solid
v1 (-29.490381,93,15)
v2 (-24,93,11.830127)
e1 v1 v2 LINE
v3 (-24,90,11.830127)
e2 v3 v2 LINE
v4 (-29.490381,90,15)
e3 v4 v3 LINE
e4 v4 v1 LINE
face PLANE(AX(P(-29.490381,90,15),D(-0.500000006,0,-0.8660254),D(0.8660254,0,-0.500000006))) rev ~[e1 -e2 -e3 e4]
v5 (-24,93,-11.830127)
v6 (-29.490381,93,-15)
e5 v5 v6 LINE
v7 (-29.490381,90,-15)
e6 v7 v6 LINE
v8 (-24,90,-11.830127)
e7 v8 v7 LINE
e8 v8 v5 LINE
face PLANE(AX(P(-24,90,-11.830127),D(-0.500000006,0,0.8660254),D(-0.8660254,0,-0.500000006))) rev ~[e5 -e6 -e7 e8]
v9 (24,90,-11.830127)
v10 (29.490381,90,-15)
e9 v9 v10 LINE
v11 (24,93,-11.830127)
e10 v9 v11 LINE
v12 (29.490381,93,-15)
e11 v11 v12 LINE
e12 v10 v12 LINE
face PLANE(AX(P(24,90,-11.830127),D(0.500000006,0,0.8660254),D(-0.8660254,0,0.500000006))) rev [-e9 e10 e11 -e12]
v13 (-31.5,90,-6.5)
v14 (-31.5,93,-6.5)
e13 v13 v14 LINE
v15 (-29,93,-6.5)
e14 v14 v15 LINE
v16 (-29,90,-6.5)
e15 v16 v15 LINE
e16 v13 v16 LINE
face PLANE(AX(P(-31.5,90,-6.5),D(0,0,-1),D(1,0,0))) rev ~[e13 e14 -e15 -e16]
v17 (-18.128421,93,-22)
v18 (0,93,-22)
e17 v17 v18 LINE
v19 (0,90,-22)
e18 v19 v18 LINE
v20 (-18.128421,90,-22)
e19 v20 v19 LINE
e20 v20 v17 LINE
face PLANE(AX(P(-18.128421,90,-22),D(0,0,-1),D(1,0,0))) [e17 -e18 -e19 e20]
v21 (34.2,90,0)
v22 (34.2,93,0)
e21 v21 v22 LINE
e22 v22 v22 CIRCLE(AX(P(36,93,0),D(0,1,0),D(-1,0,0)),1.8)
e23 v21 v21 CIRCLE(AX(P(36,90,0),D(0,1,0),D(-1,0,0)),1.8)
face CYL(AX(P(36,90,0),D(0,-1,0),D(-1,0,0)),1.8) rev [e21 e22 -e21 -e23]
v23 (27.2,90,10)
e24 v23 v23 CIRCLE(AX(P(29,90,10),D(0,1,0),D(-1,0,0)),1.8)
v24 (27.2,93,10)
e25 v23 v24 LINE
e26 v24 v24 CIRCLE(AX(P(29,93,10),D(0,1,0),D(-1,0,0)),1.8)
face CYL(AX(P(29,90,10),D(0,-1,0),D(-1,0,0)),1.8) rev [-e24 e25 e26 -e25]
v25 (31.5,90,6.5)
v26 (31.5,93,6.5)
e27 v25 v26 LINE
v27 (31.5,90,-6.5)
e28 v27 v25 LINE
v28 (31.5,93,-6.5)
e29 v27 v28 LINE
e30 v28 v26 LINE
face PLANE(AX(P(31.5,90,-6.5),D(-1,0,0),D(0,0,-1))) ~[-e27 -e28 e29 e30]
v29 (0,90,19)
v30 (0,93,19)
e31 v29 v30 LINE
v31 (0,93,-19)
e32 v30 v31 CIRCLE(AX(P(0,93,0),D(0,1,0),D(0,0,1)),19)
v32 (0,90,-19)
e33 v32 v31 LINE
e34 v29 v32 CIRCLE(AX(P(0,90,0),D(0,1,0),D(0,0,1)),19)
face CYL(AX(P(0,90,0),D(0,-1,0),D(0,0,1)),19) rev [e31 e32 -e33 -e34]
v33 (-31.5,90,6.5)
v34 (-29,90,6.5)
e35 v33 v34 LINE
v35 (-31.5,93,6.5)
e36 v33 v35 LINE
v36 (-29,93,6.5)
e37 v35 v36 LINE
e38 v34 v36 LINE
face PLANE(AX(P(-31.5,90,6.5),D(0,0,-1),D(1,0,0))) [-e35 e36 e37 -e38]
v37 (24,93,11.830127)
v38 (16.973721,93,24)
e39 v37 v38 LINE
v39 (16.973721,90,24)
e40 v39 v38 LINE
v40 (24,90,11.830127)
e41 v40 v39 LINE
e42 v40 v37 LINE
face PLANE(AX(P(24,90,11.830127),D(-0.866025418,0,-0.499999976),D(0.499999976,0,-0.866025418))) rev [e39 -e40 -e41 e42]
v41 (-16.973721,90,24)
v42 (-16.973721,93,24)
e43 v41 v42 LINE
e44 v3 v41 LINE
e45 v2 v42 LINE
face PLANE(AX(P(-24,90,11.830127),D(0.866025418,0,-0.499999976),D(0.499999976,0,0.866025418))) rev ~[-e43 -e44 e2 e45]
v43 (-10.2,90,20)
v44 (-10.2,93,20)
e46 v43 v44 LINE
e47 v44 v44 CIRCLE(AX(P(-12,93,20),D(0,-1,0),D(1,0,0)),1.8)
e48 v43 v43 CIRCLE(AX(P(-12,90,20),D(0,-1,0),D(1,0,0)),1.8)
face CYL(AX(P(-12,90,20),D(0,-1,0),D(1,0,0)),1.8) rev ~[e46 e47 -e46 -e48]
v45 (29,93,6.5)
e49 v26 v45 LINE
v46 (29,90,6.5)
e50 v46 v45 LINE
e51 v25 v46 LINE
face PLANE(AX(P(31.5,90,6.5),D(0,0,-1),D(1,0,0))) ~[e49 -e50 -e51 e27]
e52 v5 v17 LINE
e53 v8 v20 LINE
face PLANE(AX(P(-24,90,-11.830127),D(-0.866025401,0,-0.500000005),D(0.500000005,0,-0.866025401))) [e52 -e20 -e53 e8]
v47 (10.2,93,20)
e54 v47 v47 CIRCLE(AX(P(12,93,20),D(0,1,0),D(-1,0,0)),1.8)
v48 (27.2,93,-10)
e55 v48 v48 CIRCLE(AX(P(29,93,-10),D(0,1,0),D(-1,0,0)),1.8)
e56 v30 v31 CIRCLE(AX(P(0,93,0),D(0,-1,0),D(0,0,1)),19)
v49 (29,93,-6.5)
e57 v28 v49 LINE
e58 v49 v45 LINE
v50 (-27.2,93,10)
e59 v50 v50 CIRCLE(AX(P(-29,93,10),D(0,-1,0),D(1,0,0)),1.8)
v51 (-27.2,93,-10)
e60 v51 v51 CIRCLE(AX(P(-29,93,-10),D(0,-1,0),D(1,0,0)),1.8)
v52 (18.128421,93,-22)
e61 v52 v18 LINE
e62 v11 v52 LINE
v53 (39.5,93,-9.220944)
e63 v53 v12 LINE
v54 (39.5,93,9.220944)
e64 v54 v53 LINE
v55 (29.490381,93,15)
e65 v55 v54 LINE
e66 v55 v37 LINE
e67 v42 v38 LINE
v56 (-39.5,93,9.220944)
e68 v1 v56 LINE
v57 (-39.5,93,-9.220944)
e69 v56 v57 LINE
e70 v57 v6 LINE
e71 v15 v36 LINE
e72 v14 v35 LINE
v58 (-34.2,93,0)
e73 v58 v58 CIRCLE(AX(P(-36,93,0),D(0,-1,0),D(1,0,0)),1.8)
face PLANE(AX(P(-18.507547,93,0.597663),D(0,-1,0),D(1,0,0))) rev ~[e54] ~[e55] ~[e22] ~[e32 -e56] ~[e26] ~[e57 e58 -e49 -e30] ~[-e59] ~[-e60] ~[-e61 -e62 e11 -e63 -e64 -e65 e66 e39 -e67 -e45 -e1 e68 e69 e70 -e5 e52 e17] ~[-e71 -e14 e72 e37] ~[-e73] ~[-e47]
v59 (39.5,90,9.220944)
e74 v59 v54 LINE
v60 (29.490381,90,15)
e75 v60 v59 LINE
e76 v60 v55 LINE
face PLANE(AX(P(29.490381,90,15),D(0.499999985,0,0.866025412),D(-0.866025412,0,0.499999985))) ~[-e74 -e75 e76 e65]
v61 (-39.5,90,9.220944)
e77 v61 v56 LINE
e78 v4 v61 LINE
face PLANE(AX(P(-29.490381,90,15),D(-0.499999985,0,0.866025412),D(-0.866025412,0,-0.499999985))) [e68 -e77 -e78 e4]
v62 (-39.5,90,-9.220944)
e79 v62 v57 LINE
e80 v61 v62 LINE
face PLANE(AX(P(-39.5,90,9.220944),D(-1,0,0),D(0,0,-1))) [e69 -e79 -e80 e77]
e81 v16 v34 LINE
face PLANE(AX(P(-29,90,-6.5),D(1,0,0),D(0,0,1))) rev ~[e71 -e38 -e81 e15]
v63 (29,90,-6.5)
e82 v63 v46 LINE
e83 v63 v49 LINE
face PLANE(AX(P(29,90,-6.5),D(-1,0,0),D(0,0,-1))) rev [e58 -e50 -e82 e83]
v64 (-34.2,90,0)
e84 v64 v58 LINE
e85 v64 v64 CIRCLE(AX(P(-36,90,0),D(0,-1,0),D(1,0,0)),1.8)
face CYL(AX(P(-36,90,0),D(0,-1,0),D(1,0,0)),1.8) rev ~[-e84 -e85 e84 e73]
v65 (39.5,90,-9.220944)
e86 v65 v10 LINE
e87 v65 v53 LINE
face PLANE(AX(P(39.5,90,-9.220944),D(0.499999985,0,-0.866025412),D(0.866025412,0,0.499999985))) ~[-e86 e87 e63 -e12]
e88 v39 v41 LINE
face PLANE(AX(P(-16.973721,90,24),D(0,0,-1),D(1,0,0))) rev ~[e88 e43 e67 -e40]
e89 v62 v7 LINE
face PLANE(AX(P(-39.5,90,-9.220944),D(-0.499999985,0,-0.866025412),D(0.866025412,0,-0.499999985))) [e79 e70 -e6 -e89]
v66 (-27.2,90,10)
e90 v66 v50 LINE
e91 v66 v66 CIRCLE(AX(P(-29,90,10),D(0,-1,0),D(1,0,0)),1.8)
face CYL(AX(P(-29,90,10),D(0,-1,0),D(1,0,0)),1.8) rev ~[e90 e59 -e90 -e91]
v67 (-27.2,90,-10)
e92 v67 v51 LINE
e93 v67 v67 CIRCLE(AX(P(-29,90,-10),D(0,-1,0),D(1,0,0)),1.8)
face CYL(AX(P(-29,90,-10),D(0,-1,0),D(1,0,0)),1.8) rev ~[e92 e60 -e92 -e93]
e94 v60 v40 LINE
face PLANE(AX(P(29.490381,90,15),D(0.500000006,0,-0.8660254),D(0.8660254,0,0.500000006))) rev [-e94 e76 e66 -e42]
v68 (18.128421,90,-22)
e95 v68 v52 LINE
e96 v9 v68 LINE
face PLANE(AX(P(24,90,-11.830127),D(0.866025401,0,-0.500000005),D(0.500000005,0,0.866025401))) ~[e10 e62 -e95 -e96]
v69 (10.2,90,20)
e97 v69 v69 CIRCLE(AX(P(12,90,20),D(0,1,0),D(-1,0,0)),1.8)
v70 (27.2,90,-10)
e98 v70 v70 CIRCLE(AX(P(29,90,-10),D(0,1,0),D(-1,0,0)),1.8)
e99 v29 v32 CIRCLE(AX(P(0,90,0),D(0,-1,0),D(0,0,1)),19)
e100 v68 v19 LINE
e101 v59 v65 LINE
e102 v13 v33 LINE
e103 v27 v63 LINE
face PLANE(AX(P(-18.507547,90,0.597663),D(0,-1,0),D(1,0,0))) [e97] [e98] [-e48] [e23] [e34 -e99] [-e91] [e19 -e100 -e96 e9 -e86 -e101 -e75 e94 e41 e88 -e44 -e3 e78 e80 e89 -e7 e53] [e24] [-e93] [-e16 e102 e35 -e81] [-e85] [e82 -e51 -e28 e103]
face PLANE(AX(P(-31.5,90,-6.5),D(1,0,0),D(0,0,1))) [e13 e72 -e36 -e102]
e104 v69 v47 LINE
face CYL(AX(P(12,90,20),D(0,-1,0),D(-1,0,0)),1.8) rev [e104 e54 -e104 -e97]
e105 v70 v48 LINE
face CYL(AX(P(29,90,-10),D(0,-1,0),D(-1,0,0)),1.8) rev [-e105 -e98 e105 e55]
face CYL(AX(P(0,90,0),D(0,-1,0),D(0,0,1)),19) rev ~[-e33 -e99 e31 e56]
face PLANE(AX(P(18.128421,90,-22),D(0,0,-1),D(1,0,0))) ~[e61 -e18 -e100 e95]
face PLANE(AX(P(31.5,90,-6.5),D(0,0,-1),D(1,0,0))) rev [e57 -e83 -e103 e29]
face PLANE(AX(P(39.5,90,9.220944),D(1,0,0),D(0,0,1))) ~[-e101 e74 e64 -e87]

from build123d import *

# Parameters (mm, degrees)
SKETCH141_R  = 1.8
SKETCH141_W  = 2.5
SKETCH141_H  = 13
PAD112_DEPTH = 3


with BuildPart() as motorcageendcap:
    # Sketch141 → Pad112 (new body)
    with BuildSketch(Plane.XZ.offset(-90)):
        with BuildLine():
            Line((-29.490381, 15), (-39.5, 9.220944))
            Line((-39.5, 9.220944), (-39.5, -9.220944))
            Line((-39.5, -9.220944), (-29.490381, -15))
            Line((-24, -11.830127), (-29.490381, -15))
            Line((-24, -11.830127), (-18.128421, -22))
            Line((-18.128421, -22), (0, -22))
            Line((0, -22), (0, -19))
            ThreePointArc((0, 19), (-19, 0), (0, -19))
            Line((0, 24), (0, 19))
            Line((-16.973721, 24), (0, 24))
            Line((-24, 11.830127), (-16.973721, 24))
            Line((-29.490381, 15), (-24, 11.830127))
        make_face()
        with Locations((-29, 10)):
            Circle(SKETCH141_R, mode=Mode.SUBTRACT)
        with Locations((-29, -10)):
            Circle(SKETCH141_R, mode=Mode.SUBTRACT)
        with Locations((-12, 20)):
            Circle(SKETCH141_R, mode=Mode.SUBTRACT)
        with Locations((-36, 0)):
            Circle(SKETCH141_R, mode=Mode.SUBTRACT)
        with Locations((-30.25, 0)):
            Rectangle(SKETCH141_W, SKETCH141_H, mode=Mode.SUBTRACT)
    extrude(amount=-PAD112_DEPTH)


with BuildPart() as fusion004020018:
    # Part__Mirroring007: instance of MotorCageEndCap
    add(motorcageendcap.part.mirror(Plane(origin=(0, 0, 0), x_dir=(0, -1, 0), z_dir=(1, 0, 0))))

    # Fusion004020018: union MotorCageEndCap
    add(motorcageendcap.part)


solid = fusion004020018.part
